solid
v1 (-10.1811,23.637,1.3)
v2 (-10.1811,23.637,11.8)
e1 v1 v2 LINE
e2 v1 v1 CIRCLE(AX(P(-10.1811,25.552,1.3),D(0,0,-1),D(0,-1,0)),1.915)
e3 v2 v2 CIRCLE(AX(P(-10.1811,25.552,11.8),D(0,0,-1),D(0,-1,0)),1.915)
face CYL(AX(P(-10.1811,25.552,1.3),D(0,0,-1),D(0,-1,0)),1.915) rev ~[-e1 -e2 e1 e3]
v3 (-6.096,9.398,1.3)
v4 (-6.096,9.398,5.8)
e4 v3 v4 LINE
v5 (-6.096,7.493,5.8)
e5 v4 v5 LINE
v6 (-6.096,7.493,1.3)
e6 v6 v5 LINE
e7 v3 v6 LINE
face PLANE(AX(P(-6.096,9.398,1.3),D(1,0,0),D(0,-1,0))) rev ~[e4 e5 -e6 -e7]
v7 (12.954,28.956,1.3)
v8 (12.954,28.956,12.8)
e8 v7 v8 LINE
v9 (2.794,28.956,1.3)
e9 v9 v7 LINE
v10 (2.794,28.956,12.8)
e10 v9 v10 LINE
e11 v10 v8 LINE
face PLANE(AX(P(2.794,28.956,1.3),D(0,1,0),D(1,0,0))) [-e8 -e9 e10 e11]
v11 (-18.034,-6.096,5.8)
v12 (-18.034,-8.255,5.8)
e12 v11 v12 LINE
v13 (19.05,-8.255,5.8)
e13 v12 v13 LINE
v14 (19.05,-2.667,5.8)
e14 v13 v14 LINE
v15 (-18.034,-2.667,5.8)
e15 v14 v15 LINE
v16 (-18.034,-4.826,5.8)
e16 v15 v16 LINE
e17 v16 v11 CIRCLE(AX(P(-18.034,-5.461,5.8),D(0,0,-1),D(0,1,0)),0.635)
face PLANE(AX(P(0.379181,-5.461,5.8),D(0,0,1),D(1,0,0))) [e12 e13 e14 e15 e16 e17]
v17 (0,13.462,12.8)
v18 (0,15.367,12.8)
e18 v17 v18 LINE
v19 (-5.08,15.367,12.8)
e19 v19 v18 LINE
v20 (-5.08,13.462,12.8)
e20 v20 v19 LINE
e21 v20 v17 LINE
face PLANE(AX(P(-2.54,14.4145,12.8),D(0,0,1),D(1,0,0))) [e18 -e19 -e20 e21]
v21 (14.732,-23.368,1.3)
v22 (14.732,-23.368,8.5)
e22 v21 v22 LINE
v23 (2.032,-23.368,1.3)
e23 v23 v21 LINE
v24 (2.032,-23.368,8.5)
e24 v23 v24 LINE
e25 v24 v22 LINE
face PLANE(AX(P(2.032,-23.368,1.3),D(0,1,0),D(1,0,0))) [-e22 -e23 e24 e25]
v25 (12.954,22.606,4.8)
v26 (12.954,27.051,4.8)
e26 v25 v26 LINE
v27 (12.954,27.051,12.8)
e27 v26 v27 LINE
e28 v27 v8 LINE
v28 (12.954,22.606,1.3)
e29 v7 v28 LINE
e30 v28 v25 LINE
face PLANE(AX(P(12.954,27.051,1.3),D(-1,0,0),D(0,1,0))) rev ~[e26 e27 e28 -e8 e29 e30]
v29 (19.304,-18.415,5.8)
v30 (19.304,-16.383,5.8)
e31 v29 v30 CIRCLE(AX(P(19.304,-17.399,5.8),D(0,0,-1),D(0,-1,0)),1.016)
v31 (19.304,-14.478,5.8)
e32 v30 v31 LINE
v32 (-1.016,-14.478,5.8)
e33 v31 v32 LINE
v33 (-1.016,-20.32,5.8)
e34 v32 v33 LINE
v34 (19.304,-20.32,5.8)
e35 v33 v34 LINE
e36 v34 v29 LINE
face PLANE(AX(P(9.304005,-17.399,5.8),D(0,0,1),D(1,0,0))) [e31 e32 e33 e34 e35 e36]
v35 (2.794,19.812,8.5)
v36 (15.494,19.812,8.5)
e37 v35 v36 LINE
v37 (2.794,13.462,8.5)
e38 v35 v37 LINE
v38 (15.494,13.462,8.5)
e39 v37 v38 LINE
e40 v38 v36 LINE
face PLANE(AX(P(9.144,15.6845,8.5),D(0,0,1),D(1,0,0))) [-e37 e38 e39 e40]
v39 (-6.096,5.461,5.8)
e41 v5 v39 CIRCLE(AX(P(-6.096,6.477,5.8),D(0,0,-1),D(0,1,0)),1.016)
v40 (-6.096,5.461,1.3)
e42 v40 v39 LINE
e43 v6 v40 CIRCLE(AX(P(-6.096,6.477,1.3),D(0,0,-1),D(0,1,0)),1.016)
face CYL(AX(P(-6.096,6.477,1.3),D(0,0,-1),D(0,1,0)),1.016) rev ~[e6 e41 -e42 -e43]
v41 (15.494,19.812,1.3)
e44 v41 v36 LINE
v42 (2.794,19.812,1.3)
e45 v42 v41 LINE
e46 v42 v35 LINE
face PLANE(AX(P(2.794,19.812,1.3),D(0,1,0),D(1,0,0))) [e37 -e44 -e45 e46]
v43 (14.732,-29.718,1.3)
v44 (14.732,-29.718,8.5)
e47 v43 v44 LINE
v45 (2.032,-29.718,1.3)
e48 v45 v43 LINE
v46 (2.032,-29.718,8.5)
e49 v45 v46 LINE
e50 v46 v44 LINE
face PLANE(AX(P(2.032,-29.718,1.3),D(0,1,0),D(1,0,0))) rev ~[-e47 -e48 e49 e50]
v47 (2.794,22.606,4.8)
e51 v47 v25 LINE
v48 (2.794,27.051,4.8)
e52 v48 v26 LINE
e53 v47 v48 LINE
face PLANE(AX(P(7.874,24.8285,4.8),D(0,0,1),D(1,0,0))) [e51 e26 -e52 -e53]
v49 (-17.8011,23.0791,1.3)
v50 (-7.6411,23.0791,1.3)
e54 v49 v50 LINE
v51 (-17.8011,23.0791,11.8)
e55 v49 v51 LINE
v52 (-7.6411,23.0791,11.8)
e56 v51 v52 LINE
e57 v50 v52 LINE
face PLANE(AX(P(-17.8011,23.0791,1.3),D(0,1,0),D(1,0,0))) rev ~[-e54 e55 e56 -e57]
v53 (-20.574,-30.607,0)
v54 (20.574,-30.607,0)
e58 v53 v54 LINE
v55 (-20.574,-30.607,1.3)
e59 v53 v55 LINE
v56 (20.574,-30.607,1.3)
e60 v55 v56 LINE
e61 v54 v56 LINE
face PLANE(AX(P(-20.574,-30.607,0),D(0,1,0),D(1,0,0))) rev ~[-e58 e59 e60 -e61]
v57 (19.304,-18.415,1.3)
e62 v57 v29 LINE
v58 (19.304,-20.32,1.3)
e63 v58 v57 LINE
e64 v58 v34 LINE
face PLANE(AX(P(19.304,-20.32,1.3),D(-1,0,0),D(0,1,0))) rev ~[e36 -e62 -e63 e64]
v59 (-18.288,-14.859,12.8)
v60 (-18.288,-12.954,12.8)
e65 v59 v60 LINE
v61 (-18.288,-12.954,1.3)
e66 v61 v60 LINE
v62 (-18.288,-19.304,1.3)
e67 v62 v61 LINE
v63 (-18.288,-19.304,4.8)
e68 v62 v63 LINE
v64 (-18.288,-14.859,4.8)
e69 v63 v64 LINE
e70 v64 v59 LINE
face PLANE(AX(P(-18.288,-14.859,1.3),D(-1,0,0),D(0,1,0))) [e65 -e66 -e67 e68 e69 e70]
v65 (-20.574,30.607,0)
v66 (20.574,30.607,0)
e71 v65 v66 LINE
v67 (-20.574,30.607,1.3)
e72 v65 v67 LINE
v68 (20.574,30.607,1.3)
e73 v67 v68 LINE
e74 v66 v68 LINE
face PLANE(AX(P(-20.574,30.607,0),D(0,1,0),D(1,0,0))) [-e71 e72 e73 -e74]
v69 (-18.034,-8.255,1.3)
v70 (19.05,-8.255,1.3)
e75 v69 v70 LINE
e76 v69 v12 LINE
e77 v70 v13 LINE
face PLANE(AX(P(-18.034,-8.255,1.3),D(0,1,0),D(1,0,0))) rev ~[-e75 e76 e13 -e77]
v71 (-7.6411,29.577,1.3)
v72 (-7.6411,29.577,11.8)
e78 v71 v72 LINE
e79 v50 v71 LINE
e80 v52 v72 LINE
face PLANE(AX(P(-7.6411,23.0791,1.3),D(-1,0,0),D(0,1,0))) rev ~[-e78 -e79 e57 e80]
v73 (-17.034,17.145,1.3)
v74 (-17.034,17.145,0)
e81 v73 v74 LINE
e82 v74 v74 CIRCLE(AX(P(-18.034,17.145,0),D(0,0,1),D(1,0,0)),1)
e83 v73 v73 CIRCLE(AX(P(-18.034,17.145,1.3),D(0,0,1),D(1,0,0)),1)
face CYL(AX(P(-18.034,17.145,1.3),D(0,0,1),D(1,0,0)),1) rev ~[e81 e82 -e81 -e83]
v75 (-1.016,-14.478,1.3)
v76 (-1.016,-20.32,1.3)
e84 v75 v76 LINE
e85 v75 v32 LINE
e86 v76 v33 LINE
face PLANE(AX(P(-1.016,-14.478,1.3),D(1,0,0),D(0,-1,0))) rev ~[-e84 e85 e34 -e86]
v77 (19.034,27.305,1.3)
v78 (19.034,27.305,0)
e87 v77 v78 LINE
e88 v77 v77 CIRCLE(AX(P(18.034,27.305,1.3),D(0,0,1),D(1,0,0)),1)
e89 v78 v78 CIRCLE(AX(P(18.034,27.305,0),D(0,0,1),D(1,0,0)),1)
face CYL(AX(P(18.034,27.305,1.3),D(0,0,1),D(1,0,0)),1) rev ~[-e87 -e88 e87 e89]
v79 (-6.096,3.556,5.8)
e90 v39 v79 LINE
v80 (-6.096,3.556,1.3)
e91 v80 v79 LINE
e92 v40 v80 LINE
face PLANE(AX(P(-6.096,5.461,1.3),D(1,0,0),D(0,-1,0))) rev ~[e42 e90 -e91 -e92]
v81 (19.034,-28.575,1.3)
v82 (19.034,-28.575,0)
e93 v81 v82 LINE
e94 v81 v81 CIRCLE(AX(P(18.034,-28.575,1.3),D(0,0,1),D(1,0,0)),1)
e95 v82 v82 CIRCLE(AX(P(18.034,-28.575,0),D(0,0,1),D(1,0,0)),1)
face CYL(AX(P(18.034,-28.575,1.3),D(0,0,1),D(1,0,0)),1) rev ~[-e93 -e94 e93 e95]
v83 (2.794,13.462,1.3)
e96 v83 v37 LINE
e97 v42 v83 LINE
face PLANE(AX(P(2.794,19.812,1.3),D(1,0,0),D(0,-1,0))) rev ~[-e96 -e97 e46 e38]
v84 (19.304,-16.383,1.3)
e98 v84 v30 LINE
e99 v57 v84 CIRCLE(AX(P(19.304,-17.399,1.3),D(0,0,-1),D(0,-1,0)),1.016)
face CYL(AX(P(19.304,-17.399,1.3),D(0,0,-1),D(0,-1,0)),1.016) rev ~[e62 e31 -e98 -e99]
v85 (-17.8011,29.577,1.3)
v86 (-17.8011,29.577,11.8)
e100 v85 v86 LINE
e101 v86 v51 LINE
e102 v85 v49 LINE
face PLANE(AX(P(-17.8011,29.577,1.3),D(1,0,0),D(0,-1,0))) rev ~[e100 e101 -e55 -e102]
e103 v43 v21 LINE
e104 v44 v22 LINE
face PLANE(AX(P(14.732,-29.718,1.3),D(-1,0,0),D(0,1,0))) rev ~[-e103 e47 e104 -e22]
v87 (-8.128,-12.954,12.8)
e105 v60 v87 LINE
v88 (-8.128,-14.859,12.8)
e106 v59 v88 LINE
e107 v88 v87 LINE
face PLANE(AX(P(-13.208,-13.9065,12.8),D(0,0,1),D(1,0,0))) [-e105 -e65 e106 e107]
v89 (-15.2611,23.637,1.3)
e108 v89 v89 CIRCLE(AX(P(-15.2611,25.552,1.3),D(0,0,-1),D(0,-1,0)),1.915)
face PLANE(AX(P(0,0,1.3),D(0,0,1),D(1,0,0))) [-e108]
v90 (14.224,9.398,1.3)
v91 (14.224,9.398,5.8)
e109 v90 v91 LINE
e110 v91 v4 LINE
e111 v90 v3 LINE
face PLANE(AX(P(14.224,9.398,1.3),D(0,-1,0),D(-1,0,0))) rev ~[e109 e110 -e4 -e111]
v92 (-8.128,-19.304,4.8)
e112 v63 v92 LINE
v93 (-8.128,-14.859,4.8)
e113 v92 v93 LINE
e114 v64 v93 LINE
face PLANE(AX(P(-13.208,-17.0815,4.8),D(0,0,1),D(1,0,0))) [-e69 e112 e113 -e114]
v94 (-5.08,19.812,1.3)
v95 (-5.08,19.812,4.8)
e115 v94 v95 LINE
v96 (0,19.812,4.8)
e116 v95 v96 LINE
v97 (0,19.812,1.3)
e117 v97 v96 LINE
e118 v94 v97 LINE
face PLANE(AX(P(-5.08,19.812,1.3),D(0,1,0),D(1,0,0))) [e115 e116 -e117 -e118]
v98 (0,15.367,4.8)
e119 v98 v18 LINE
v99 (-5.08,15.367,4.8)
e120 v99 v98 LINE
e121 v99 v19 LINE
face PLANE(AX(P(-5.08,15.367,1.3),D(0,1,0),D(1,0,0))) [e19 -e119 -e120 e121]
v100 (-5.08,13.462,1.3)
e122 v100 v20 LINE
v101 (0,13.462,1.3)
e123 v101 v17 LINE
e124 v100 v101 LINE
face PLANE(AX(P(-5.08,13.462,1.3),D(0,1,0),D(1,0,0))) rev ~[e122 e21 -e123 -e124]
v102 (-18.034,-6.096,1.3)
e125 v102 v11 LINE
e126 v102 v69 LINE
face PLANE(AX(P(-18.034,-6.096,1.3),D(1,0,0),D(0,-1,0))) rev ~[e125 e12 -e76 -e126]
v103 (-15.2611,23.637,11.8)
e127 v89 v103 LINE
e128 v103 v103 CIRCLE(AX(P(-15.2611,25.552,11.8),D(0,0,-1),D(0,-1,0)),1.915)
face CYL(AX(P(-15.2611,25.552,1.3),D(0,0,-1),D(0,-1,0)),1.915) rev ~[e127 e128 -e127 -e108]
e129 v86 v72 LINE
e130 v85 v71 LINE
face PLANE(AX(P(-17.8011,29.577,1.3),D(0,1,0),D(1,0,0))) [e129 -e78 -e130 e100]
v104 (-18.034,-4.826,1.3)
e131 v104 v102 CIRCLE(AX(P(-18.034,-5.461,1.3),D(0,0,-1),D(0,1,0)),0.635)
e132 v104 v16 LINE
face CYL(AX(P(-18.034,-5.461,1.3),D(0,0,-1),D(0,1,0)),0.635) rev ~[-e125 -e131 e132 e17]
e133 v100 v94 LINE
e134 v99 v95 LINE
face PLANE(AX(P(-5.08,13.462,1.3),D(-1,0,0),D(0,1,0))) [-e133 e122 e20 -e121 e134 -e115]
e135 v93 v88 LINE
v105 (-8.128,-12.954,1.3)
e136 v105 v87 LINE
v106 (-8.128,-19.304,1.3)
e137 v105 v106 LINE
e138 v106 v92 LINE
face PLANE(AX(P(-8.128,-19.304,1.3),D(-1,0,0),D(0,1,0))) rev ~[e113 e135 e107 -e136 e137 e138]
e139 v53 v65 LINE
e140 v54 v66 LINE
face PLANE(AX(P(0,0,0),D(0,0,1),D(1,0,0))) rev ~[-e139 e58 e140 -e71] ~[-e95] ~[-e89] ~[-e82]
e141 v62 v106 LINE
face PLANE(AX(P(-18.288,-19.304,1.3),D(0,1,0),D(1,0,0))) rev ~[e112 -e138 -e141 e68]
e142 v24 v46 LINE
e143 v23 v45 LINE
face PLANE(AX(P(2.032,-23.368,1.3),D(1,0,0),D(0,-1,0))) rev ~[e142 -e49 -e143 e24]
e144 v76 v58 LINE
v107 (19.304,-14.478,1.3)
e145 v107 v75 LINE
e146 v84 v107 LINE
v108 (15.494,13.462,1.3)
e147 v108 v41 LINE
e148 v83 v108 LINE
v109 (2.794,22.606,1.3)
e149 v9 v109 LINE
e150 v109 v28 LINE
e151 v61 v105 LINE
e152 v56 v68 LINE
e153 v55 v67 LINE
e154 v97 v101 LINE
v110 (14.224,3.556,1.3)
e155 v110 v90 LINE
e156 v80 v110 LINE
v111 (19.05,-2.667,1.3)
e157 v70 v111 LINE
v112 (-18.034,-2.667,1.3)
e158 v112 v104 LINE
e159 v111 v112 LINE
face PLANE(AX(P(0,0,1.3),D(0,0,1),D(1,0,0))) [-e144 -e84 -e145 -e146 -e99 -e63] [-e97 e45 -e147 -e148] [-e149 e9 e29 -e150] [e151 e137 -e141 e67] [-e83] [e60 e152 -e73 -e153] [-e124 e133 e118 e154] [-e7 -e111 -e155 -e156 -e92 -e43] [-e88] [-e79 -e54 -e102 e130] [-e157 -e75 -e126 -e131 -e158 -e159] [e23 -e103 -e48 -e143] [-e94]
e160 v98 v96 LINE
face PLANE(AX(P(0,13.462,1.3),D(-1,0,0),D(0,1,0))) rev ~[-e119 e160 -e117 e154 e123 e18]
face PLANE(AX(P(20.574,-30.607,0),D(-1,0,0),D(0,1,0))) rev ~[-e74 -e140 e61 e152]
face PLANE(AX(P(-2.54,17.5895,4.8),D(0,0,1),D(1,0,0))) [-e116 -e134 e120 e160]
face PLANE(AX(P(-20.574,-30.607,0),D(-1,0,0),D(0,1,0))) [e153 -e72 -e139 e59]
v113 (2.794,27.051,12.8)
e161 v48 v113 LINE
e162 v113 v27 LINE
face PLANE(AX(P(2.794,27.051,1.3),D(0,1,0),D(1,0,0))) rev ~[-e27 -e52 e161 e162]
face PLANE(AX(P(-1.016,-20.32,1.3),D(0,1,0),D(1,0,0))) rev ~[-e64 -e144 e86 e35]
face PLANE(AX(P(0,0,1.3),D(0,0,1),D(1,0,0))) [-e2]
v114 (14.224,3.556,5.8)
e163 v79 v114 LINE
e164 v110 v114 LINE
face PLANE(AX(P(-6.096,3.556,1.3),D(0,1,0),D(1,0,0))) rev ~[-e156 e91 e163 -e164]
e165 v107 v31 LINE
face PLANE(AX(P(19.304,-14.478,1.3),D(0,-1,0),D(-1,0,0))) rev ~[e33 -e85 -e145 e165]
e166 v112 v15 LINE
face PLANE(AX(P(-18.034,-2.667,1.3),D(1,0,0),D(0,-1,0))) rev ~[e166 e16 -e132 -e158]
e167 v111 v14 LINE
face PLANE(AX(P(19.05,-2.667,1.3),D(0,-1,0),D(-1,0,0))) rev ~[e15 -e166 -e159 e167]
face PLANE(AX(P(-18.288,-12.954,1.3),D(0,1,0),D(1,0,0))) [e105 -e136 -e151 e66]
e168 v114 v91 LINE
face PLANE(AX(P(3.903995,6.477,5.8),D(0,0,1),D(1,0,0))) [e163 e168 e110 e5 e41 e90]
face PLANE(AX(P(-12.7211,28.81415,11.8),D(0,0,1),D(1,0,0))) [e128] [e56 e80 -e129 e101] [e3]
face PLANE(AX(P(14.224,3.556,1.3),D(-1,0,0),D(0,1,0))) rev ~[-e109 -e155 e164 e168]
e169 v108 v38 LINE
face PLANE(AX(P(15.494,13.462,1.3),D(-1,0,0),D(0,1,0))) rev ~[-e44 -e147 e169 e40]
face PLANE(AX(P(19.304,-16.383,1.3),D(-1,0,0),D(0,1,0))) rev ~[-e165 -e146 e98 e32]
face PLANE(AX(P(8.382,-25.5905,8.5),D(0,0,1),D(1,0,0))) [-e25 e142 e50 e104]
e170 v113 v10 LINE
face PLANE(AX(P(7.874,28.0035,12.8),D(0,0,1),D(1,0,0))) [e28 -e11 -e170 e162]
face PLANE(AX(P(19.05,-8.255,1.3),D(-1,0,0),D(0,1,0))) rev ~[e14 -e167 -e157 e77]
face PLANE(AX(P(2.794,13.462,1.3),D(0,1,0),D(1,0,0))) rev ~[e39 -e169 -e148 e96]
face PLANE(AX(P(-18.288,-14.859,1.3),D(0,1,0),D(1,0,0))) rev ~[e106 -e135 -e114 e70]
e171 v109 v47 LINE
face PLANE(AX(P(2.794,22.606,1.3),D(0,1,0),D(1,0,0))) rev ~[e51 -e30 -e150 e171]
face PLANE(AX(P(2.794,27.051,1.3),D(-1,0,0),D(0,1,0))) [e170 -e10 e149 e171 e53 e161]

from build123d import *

# Parameters (mm, degrees)
F0_W     = 41.148
F0_H     = 61.214
F1_DEPTH = 1.3
F2_R     = 1
F3_DEPTH = 1.3
F4_DEPTH = 4.5
F2_W     = 10.16
F2_H     = 1.5257
F5_DEPTH = 10.5
F2_H_2   = 4.445
F2_W_2   = 5.08
F6_DEPTH = 3.5
F2_H_3   = 1.905
F7_DEPTH = 11.5
F2_W_3   = 12.7
F8_DEPTH = 7.2


with BuildPart() as f1:
    # F0 (on Top) → F1 (new body)
    with BuildSketch(Plane.XY):
        Rectangle(F0_W, F0_H)
    extrude(amount=F1_DEPTH)

    # F2 (on face) → F3 (cut, through all)
    with BuildSketch(Plane.XY.offset(1.3)):
        with Locations((-18.034, 17.145)):
            Circle(F2_R)
        with Locations((18.034, 27.305)):
            Circle(F2_R)
        with Locations((18.034, -28.575)):
            Circle(F2_R)
    extrude(amount=-F3_DEPTH, mode=Mode.SUBTRACT)

    # F2 (on face) → F4 (join)
    with BuildSketch(Plane.XY.offset(1.3)):
        with BuildLine():
            ThreePointArc((-18.034, -4.826), (-17.399, -5.461), (-18.034, -6.096))
            Line((-18.034, -6.096), (-18.034, -8.255))
            Line((-18.034, -8.255), (19.05, -8.255))
            Line((19.05, -8.255), (19.05, -2.667))
            Line((19.05, -2.667), (-18.034, -2.667))
            Line((-18.034, -2.667), (-18.034, -4.826))
        make_face()
        with BuildLine():
            Line((14.224, 3.556), (14.224, 9.398))
            Line((14.224, 9.398), (-6.096, 9.398))
            Line((-6.096, 9.398), (-6.096, 7.493))
            ThreePointArc((-6.096, 7.493), (-5.08, 6.477), (-6.096, 5.461))
            Line((-6.096, 5.461), (-6.096, 3.556))
            Line((-6.096, 3.556), (14.224, 3.556))
        make_face()
        with BuildLine():
            Line((-1.016, -14.478), (-1.016, -20.32))
            Line((-1.016, -20.32), (19.304, -20.32))
            Line((19.304, -20.32), (19.304, -18.415))
            ThreePointArc((19.304, -18.415), (18.288, -17.399), (19.304, -16.383))
            Line((19.304, -16.383), (19.304, -14.478))
            Line((19.304, -14.478), (-1.016, -14.478))
        make_face()
    extrude(amount=F4_DEPTH)

    # F2 (on face) → F5 (join)
    with BuildSketch(Plane.XY.offset(1.3)):
        with Locations((-12.7211, 28.81415)):
            Rectangle(F2_W, F2_H)
        Polygon((-7.6411, 28.0513), (-17.8011, 28.0513), (-17.8011, 27.5683), (-17.8011, 23.5715), (-17.8011, 23.0791), (-7.6411, 23.0791), (-7.6411, 23.5715), (-7.6411, 27.5683), align=None)
        with BuildLine():
            ThreePointArc((-15.2611, 27.467), (-13.3461, 25.552), (-15.2611, 23.637))
            ThreePointArc((-15.2611, 23.637), (-17.1761, 25.552), (-15.2611, 27.467))
        make_face(mode=Mode.SUBTRACT)
        with BuildLine():
            ThreePointArc((-10.1811, 27.467), (-8.2661, 25.552), (-10.1811, 23.637))
            ThreePointArc((-10.1811, 23.637), (-12.0961, 25.552), (-10.1811, 27.467))
        make_face(mode=Mode.SUBTRACT)
    extrude(amount=F5_DEPTH)

    # F2 (on face) → F6 (join)
    with BuildSketch(Plane.XY.offset(1.3)):
        with Locations((7.874, 24.8285)):
            Rectangle(F2_W, F2_H_2)
        with Locations((-2.54, 17.5895)):
            Rectangle(F2_W_2, F2_H_2)
        with Locations((-13.208, -17.0815)):
            Rectangle(F2_W, F2_H_2)
    extrude(amount=F6_DEPTH)

    # F2 (on face) → F7 (join)
    with BuildSketch(Plane.XY.offset(1.3)):
        with Locations((7.874, 28.0035)):
            Rectangle(F2_W, F2_H_3)
        with Locations((-2.54, 14.4145)):
            Rectangle(F2_W_2, F2_H_3)
        with Locations((-13.208, -13.9065)):
            Rectangle(F2_W, F2_H_3)
    extrude(amount=F7_DEPTH)

    # F2 (on face) → F8 (join)
    with BuildSketch(Plane.XY.offset(1.3)):
        with Locations((9.144, 15.6845)):
            Rectangle(F2_W_3, F2_H_2)
        with Locations((9.144, 18.8595)):
            Rectangle(F2_W_3, F2_H_3)
        with Locations((8.382, -25.5905)):
            Rectangle(F2_W_3, F2_H_2)
        with Locations((8.382, -28.7655)):
            Rectangle(F2_W_3, F2_H_3)
    extrude(amount=F8_DEPTH)


solid = f1.part
